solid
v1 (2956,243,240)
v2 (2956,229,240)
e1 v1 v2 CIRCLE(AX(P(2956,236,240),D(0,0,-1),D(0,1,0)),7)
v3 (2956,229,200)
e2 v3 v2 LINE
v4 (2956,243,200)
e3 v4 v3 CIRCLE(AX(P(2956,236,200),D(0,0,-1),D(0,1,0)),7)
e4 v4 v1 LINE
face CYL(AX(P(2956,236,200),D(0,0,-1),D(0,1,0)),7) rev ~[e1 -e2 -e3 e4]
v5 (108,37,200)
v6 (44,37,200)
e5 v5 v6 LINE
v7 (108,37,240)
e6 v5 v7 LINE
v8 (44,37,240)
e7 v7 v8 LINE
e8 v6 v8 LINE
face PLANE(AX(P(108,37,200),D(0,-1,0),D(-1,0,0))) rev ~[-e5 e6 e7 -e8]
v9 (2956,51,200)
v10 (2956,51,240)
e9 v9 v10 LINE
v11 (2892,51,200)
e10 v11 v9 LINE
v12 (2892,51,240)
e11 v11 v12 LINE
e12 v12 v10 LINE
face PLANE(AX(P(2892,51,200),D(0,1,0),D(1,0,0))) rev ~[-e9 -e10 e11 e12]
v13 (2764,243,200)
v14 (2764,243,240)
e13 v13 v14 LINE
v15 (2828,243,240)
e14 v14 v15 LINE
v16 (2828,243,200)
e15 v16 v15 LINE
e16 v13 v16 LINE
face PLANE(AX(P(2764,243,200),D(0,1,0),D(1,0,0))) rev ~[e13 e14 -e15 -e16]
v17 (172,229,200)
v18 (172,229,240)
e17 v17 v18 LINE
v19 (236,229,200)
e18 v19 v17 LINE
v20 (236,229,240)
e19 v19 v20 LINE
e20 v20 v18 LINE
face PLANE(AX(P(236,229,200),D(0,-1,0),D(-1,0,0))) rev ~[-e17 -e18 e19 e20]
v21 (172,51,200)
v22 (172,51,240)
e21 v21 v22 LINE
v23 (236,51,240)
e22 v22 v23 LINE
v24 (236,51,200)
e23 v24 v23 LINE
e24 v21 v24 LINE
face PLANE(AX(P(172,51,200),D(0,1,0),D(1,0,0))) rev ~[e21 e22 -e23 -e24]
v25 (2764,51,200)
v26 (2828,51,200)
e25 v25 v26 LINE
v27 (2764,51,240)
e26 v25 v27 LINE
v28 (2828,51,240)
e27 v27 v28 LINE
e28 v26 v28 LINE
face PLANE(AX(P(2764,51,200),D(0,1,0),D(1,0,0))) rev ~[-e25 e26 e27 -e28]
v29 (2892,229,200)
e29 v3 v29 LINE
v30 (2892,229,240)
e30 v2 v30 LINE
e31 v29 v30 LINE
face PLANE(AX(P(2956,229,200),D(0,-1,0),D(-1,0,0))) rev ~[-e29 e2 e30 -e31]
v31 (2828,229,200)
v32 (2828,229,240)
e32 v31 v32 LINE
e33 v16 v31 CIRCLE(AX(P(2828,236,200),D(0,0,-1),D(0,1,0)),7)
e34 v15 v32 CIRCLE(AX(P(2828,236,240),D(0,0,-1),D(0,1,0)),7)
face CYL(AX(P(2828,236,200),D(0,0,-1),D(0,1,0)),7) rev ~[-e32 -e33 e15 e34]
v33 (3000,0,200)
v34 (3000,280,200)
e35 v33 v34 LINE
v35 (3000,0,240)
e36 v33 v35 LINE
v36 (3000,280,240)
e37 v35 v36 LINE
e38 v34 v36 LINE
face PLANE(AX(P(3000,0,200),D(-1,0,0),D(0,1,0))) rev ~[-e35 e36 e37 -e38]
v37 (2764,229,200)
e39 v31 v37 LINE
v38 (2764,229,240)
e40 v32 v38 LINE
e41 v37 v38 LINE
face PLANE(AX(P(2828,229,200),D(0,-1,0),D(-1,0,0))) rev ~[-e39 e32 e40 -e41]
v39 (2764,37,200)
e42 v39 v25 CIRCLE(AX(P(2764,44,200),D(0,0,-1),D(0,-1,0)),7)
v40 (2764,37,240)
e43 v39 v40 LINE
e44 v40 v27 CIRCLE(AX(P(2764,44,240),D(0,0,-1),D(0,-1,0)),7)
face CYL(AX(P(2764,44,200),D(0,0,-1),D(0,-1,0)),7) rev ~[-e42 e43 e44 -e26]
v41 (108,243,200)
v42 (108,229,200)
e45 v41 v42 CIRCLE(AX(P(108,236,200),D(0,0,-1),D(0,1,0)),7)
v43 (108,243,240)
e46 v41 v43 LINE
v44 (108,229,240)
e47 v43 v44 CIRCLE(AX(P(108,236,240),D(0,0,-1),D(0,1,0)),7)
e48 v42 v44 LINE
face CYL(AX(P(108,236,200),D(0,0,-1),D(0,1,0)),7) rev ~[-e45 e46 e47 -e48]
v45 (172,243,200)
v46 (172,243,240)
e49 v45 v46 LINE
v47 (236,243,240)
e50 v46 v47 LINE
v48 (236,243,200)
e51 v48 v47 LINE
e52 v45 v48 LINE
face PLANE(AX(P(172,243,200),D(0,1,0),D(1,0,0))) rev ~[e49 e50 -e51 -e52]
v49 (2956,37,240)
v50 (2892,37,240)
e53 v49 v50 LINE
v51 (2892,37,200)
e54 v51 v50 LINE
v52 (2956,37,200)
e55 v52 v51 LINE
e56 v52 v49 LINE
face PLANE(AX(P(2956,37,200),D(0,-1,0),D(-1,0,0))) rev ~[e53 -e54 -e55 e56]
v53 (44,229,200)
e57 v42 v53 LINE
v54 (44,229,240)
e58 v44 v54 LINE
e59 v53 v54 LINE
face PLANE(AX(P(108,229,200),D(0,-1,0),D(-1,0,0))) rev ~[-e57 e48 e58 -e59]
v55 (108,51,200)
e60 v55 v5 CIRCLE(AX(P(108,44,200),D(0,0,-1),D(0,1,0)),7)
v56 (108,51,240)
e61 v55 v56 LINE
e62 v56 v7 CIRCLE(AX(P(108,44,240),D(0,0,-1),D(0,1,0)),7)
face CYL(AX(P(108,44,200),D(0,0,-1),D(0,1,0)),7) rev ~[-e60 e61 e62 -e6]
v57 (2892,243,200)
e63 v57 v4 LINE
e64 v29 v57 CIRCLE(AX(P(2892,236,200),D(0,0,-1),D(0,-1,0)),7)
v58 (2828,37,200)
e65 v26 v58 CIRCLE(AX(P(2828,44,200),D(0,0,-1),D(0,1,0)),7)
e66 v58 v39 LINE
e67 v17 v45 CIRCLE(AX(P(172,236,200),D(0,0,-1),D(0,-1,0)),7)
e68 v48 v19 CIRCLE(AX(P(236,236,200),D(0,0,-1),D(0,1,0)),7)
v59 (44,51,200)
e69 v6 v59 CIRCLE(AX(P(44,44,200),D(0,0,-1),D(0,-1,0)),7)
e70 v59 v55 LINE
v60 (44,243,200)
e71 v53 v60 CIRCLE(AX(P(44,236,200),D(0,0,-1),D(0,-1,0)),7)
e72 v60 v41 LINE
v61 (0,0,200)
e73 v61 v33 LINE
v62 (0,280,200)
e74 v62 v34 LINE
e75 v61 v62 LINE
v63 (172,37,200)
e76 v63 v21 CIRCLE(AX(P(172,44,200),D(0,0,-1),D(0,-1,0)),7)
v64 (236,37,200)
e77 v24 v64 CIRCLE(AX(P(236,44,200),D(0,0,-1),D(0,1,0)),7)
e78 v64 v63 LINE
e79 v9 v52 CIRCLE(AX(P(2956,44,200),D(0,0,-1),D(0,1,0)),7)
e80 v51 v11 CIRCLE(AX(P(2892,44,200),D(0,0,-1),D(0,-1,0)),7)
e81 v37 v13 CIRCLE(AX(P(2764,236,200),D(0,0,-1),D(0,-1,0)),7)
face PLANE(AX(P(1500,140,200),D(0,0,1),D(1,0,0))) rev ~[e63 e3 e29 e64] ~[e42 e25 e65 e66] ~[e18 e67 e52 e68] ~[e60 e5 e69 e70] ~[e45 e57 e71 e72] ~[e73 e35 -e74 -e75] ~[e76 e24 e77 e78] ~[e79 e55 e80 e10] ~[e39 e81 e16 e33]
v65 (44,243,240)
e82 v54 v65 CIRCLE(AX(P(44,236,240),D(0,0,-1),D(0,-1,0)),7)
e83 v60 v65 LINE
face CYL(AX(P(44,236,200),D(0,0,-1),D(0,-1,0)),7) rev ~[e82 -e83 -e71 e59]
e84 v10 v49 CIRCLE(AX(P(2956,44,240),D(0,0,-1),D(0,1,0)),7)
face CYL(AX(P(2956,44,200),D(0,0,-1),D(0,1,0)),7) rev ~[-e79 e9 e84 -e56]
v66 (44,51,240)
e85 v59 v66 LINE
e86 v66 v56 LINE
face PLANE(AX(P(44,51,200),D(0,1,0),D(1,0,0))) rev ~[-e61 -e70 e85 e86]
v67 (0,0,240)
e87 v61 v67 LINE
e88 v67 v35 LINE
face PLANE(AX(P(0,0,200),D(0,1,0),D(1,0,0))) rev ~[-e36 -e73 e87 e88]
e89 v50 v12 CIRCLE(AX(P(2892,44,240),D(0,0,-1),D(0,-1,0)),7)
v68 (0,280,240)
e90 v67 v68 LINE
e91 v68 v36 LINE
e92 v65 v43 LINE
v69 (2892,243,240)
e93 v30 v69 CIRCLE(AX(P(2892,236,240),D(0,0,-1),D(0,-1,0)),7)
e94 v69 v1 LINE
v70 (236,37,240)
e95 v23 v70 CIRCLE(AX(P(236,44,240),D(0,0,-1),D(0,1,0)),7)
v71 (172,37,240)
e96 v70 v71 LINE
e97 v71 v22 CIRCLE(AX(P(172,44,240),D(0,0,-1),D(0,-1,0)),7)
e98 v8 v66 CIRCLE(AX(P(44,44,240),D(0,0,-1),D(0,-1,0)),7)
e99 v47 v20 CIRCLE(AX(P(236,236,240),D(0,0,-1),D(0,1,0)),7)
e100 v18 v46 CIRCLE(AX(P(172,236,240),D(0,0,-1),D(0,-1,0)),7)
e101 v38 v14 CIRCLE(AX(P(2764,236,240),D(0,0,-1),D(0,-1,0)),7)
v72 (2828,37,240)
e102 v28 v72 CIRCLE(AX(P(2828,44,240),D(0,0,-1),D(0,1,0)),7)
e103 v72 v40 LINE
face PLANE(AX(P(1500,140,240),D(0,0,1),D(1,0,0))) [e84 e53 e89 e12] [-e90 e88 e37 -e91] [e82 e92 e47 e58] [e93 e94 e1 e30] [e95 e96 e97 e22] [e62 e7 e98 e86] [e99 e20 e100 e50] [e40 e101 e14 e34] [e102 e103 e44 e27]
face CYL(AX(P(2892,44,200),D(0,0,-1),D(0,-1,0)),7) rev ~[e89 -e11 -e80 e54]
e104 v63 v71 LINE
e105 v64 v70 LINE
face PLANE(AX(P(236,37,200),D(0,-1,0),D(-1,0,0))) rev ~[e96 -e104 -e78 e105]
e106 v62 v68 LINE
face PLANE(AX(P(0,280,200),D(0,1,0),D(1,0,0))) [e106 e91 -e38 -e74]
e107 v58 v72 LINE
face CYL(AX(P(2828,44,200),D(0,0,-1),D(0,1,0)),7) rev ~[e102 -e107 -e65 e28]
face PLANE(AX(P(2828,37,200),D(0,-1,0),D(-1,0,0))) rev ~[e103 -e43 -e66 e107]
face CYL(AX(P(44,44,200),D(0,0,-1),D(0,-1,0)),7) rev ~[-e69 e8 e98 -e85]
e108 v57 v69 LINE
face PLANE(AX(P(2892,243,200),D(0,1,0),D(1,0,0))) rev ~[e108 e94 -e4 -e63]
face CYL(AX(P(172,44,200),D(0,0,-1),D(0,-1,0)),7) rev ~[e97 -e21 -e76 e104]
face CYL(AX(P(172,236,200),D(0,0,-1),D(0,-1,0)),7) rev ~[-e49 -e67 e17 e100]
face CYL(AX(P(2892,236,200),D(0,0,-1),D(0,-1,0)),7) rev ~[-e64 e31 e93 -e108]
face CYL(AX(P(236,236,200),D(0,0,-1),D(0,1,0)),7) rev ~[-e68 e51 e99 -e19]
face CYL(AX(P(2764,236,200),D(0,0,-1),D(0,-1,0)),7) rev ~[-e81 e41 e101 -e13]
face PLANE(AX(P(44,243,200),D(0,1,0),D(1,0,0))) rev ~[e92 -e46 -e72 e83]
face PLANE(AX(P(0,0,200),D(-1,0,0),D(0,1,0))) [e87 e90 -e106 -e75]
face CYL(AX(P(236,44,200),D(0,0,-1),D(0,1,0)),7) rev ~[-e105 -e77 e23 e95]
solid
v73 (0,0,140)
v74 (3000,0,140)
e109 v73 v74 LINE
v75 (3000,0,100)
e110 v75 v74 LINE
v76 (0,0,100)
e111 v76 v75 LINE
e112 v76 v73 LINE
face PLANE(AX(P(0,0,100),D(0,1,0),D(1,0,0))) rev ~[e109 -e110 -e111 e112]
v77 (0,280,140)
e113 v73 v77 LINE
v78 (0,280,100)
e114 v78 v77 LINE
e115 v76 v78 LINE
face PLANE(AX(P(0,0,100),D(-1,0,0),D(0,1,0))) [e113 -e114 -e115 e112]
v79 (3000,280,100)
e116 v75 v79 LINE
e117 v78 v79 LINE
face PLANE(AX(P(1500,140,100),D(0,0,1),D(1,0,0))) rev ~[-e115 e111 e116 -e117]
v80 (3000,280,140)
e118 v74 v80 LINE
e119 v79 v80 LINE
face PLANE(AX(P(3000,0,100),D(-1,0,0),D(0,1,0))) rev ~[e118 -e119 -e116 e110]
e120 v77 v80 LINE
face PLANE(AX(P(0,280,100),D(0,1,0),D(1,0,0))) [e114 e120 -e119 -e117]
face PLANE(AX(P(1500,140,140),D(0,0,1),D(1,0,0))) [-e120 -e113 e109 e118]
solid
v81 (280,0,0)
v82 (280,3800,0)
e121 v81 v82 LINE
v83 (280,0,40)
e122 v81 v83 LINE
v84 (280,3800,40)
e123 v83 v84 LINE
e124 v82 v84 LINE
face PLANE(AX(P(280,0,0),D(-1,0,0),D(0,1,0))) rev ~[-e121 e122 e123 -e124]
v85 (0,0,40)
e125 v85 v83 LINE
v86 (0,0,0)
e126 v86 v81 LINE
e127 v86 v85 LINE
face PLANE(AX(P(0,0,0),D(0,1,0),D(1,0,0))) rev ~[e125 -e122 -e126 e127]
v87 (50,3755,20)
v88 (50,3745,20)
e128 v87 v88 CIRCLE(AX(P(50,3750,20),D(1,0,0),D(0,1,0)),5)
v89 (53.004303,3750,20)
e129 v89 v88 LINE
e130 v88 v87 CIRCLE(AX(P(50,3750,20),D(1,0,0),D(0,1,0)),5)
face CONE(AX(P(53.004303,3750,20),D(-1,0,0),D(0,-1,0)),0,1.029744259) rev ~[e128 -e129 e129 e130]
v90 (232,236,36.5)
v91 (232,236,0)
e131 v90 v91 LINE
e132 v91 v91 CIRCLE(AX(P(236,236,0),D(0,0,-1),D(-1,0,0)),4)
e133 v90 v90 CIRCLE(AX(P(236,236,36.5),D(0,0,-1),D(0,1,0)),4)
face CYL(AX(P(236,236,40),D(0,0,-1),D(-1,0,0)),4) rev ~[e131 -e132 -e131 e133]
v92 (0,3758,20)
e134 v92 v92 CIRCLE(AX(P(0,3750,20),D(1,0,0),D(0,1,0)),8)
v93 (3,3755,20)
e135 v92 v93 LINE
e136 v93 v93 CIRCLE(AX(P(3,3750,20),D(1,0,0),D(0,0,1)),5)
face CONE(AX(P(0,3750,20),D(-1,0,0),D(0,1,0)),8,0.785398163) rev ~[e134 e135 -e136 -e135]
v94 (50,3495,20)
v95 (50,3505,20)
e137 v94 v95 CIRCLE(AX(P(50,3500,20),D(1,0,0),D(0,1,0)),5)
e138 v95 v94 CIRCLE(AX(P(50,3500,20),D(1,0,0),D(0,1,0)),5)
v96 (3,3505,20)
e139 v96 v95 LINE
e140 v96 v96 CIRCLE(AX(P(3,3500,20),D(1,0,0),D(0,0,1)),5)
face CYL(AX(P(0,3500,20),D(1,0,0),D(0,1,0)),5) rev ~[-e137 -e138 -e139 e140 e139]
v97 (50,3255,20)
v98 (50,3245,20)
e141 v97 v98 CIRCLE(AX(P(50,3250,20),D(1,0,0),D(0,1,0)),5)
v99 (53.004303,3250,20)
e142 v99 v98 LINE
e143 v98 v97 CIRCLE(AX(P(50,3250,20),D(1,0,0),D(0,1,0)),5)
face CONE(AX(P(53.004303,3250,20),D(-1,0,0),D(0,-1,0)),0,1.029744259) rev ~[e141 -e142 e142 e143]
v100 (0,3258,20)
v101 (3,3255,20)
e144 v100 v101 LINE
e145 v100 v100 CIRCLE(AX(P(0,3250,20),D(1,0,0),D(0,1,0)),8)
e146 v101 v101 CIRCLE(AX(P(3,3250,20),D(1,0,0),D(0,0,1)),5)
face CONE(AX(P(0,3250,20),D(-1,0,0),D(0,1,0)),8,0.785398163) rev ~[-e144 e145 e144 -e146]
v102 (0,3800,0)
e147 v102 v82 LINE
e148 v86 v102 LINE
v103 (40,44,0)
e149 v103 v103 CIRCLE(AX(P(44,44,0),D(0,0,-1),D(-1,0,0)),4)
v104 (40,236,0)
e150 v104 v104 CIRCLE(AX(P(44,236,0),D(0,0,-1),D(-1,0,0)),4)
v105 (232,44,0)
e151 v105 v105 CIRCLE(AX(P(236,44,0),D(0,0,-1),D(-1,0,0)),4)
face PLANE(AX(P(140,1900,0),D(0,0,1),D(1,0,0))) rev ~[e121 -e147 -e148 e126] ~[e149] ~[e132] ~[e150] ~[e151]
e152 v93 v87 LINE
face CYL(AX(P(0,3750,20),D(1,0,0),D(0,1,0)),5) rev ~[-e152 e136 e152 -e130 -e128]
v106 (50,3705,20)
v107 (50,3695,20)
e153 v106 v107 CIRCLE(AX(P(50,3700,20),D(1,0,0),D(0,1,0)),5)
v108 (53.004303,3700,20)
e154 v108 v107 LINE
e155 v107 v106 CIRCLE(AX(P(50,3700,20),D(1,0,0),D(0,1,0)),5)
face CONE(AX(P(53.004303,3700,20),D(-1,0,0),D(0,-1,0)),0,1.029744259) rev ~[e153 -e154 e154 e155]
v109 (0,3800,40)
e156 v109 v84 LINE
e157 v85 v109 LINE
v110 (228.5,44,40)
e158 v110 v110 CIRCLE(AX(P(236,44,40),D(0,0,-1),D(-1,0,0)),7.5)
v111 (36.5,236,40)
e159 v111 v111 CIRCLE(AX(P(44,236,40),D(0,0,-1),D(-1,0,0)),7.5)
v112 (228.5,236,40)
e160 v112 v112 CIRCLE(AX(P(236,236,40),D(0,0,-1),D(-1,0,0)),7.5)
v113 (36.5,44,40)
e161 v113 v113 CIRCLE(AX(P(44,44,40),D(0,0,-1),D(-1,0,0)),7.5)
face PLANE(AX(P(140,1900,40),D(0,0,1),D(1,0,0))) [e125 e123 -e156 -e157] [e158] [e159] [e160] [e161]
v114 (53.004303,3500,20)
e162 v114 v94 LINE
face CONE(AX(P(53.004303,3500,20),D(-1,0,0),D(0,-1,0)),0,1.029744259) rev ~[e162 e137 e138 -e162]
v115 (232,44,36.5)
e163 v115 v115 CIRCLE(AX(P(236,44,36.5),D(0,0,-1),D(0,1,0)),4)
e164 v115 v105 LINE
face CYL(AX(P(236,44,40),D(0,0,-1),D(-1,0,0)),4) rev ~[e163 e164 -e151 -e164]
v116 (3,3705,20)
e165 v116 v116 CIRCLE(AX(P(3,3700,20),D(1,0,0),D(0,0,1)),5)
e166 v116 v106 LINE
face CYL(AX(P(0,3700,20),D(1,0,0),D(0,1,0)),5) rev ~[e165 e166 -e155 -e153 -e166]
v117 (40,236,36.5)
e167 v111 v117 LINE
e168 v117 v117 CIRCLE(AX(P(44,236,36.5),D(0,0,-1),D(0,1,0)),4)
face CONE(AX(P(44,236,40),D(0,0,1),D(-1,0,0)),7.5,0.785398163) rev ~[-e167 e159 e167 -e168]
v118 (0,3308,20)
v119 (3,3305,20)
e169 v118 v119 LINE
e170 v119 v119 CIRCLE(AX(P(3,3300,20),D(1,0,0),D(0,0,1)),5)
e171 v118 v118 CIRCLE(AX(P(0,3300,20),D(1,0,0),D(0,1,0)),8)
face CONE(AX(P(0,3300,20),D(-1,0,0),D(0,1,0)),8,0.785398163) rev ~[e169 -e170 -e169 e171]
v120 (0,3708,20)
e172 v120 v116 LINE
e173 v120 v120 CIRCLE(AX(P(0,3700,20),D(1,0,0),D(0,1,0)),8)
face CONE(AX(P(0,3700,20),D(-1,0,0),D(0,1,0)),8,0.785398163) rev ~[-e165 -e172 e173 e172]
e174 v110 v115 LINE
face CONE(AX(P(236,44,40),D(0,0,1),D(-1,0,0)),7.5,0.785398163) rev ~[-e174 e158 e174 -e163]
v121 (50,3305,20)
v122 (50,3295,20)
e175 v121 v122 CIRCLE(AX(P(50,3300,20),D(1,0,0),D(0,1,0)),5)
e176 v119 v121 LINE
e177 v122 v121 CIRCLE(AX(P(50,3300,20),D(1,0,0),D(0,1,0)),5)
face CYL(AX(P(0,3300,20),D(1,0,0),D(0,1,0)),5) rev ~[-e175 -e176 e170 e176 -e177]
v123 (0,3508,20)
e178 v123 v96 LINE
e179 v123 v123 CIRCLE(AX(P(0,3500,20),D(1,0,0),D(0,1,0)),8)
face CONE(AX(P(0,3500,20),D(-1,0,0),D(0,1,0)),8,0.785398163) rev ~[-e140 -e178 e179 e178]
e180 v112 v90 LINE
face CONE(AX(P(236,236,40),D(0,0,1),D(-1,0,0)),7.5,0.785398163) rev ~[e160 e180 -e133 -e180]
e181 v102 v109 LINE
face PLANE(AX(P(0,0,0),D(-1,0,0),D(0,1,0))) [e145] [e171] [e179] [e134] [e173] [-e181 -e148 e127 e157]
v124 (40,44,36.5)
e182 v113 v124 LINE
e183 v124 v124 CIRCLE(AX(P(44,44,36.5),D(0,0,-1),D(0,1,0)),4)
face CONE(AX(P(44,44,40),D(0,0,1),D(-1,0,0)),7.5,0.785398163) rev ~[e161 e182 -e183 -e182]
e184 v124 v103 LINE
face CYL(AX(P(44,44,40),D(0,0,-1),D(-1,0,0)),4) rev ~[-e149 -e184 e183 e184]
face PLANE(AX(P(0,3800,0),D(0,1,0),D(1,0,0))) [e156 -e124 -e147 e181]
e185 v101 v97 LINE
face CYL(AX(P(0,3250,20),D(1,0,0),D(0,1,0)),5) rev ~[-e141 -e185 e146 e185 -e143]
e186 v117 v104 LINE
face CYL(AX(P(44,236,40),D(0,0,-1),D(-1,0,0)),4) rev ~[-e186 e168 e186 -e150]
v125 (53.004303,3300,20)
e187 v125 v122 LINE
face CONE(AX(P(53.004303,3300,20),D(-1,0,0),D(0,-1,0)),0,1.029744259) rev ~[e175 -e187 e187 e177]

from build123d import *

# Parameters (mm, degrees)
F0_W            = 280
F0_H            = 3800
F1_DEPTH        = 40
F3_W            = 3000
F3_H            = 280
F4_DEPTH        = 40
F6_W            = 3000
F6_H            = 280
F7_DEPTH        = 40
F8_D            = 8
F8_START        = 160
F8_CSINK_D      = 15
F8_CSINK_ANGLE  = 90
F10_D           = 10
F10_DEPTH       = 50
F10_CSINK_D     = 16
F10_CSINK_ANGLE = 90
F10_TIP         = 3.0043030951


with BuildPart() as f1:
    # F0 (on Top) → F1 (new body)
    with BuildSketch(Plane.XY):
        with Locations((140, 1900)):
            Rectangle(F0_W, F0_H)
    extrude(amount=F1_DEPTH)

    # F8 (through all)
    # its depths count from where the whole tool has entered the part; down to there all is cleared
    with Locations(Plane.XY.offset(200).offset(-F8_START)):
        with Locations((44, 236), (236, 236), (236, 44), (44, 44)):
            CounterSinkHole(F8_D / 2, F8_CSINK_D / 2, counter_sink_angle=F8_CSINK_ANGLE)

    # F10
    with Locations(Plane(origin=(0, 0, 0), x_dir=(0, -1, 0), z_dir=(-1, 0, 0))):
        with Locations((-3750, 20), (-3700, 20), (-3500, 20), (-3300, 20), (-3250, 20)):
            CounterSinkHole(F10_D / 2, F10_CSINK_D / 2, depth=F10_DEPTH, counter_sink_angle=F10_CSINK_ANGLE)
            with Locations((0, 0, -(F10_DEPTH + F10_TIP / 2))):  # 118° drill point
                Cone(0, F10_D / 2, F10_TIP, mode=Mode.SUBTRACT)


with BuildPart() as f4:
    # F3 (on offset) → F4 (new body)
    with BuildSketch(Plane.XY.offset(100)):
        with Locations((1500, 140)):
            Rectangle(F3_W, F3_H)
    extrude(amount=F4_DEPTH)


with BuildPart() as f7:
    # F6 (on offset) → F7 (new body)
    with BuildSketch(Plane.XY.offset(200)):
        with Locations((1500, 140)):
            Rectangle(F6_W, F6_H)
        with BuildLine():
            ThreePointArc((44, 37), (37, 44), (44, 51))
            Line((44, 51), (108, 51))
            ThreePointArc((108, 51), (115, 44), (108, 37))
            Line((108, 37), (44, 37))
        make_face(mode=Mode.SUBTRACT)
        with BuildLine():
            Line((236, 37), (172, 37))
            ThreePointArc((172, 37), (165, 44), (172, 51))
            Line((172, 51), (236, 51))
            ThreePointArc((236, 51), (243, 44), (236, 37))
        make_face(mode=Mode.SUBTRACT)
        with BuildLine():
            ThreePointArc((2828, 51), (2835, 44), (2828, 37))
            Line((2828, 37), (2764, 37))
            ThreePointArc((2764, 37), (2757, 44), (2764, 51))
            Line((2764, 51), (2828, 51))
        make_face(mode=Mode.SUBTRACT)
        with BuildLine():
            Line((2892, 51), (2956, 51))
            ThreePointArc((2956, 51), (2963, 44), (2956, 37))
            Line((2956, 37), (2892, 37))
            ThreePointArc((2892, 37), (2885, 44), (2892, 51))
        make_face(mode=Mode.SUBTRACT)
        with BuildLine():
            Line((108, 229), (44, 229))
            ThreePointArc((44, 229), (37, 236), (44, 243))
            Line((44, 243), (108, 243))
            ThreePointArc((108, 243), (115, 236), (108, 229))
        make_face(mode=Mode.SUBTRACT)
        with BuildLine():
            ThreePointArc((236, 243), (243, 236), (236, 229))
            Line((236, 229), (172, 229))
            ThreePointArc((172, 229), (165, 236), (172, 243))
            Line((172, 243), (236, 243))
        make_face(mode=Mode.SUBTRACT)
        with BuildLine():
            Line((2828, 229), (2764, 229))
            ThreePointArc((2764, 229), (2757, 236), (2764, 243))
            Line((2764, 243), (2828, 243))
            ThreePointArc((2828, 243), (2835, 236), (2828, 229))
        make_face(mode=Mode.SUBTRACT)
        with BuildLine():
            ThreePointArc((2892, 229), (2885, 236), (2892, 243))
            Line((2892, 243), (2956, 243))
            ThreePointArc((2956, 243), (2963, 236), (2956, 229))
            Line((2956, 229), (2892, 229))
        make_face(mode=Mode.SUBTRACT)
    extrude(amount=F7_DEPTH)


solid = Compound([f1.part, f4.part, f7.part])
